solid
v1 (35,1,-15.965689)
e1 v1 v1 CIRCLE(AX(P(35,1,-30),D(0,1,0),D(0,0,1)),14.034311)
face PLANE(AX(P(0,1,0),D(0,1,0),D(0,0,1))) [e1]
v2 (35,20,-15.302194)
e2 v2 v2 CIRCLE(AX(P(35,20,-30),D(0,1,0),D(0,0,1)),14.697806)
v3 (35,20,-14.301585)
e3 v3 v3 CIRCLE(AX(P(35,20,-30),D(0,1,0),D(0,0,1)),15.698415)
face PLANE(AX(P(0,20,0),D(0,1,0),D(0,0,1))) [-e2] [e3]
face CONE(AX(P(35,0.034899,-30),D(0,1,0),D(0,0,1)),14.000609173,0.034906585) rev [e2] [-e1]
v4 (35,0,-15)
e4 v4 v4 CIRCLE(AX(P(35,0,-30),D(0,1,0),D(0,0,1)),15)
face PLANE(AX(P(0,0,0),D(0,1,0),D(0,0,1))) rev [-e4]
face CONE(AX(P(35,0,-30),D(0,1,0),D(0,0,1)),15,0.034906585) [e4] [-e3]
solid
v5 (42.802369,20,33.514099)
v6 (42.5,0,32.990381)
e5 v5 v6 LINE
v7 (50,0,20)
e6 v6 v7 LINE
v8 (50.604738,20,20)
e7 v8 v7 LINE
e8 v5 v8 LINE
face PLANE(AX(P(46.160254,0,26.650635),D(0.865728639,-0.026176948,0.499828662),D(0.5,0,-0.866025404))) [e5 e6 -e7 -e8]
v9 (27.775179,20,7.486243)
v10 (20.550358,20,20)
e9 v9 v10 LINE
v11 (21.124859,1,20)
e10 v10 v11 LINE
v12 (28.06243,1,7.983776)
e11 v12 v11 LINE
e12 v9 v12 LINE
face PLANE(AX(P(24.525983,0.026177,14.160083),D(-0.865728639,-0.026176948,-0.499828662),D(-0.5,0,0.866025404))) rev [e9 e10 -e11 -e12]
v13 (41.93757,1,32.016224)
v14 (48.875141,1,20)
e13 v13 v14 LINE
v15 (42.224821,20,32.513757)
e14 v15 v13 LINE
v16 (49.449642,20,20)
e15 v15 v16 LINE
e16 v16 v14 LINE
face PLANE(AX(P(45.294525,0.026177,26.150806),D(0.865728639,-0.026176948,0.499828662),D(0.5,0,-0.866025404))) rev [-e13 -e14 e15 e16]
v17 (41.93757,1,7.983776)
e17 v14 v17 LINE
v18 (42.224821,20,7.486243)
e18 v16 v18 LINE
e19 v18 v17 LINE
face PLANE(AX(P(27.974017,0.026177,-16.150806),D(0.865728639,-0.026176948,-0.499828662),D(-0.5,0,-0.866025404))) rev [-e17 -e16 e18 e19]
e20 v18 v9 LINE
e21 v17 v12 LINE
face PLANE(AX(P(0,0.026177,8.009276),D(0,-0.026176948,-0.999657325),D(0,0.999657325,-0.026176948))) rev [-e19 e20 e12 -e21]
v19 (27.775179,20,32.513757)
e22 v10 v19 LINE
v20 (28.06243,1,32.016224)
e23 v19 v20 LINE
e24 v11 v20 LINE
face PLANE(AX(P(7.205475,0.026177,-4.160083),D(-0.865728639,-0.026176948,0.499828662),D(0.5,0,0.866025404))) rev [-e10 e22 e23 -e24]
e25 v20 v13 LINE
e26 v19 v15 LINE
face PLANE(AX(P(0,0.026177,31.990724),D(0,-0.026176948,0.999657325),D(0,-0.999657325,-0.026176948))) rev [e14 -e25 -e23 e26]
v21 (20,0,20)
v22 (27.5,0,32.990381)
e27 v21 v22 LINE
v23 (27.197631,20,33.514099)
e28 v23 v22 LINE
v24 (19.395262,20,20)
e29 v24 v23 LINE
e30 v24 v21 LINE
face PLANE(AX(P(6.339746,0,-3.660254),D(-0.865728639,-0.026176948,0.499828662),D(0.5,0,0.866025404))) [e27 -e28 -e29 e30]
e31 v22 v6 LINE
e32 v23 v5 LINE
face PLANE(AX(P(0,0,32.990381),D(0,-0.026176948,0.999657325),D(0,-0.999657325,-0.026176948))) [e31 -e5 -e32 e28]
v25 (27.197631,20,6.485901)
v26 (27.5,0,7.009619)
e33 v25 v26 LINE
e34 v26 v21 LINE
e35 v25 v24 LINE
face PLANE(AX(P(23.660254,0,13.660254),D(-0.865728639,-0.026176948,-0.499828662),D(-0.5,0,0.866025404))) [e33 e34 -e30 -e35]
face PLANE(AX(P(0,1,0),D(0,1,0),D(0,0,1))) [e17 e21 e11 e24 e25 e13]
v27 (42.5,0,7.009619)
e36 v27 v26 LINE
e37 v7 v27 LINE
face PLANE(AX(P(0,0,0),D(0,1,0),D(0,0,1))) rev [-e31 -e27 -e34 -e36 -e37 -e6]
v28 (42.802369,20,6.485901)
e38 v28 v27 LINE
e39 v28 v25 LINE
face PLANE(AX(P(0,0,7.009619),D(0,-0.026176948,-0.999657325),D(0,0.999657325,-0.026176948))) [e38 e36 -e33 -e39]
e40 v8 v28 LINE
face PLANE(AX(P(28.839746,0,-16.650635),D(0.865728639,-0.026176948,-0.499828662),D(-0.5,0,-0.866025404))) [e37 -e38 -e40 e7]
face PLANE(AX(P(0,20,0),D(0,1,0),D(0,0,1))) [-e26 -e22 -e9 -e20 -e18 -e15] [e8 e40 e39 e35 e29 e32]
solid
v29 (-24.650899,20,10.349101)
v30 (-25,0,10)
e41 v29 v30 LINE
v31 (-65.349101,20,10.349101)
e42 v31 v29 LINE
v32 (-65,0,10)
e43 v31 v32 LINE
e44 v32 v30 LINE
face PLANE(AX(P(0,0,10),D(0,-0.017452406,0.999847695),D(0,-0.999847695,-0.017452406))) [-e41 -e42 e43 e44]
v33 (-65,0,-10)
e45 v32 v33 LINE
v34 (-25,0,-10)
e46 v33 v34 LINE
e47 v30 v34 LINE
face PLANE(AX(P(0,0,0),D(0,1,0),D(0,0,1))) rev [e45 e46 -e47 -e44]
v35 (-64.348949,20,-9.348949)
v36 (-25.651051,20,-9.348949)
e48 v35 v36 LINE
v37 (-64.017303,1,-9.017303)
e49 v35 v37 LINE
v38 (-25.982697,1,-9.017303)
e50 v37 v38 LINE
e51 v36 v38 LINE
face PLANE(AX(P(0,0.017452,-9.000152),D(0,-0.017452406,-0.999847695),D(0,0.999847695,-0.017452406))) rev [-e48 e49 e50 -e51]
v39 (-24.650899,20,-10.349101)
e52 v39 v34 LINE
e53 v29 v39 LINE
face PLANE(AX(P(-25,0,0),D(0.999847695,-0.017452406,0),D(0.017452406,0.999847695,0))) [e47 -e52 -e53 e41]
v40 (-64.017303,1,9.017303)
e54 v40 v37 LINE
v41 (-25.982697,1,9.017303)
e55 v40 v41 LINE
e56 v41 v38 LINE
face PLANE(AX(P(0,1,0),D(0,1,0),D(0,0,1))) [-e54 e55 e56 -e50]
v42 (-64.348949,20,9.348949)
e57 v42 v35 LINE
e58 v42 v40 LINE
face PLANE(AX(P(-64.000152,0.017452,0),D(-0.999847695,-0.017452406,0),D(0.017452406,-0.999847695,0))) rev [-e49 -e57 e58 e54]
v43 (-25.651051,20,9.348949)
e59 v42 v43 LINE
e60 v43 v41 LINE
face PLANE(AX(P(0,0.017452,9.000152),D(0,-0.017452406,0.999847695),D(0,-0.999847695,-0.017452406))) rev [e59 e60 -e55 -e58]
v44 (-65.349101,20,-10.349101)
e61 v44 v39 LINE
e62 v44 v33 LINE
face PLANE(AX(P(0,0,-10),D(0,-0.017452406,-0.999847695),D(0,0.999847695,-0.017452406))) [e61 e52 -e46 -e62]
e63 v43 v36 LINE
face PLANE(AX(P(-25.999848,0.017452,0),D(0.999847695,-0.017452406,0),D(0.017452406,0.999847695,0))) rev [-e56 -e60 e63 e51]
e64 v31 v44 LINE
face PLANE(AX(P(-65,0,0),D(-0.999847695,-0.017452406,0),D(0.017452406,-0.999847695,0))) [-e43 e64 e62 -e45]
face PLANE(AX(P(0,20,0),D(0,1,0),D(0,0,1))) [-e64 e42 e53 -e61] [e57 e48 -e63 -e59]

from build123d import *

# Parameters (mm, degrees)
CROQUIS1_W              = 40
CROQUIS1_H              = 20
SALIENTE_EXTRUIR1_DEPTH = 20
SALIENTE_EXTRUIR1_DRAFT = -1
CROQUIS1_3_R            = 15
SALIENTE_EXTRUIR2_DEPTH = 20
SALIENTE_EXTRUIR2_DRAFT = -2
SALIENTE_EXTRUIR3_DEPTH = 20
SALIENTE_EXTRUIR3_DRAFT = -1.5
VACIADO1_T              = -1
VACIADO2_T              = -1
VACIADO3_T              = -1


with BuildPart() as part:
    # Croquis1 → Saliente-Extruir1 (with draft: the straight prism first)
    with BuildSketch(Plane(origin=(0, 0, 0), x_dir=(1, 0, 0), z_dir=(0, 1, 0))):
        with Locations((-45, 0)):
            Rectangle(CROQUIS1_W, CROQUIS1_H)
    extrude(amount=SALIENTE_EXTRUIR1_DEPTH)
    # Saliente-Extruir1: the draft: its side faces are tilted about the plane it starts from
    saliente_extruir1_sides = [part.faces().sort_by_distance(p)[0] for p in [
        (-65, 10, 0),
        (-45, 10, 10),
        (-25, 10, 0),
        (-45, 10, -10),
    ]]
    draft(saliente_extruir1_sides, Plane(origin=(0, 0, 0), x_dir=(1, 0, 0), z_dir=(0, 1, 0)), SALIENTE_EXTRUIR1_DRAFT)

    # Vaciado1
    vaciado1_openings = [part.faces().sort_by_distance(p)[0] for p in [
        (-45, 20, 0),
    ]]
    offset(amount=VACIADO1_T, openings=vaciado1_openings, kind=Kind.INTERSECTION)


with BuildPart() as body_2:
    # Croquis1<3> → Saliente-Extruir2 (with draft: the straight prism first)
    with BuildSketch(Plane(origin=(0, 0, 0), x_dir=(1, 0, 0), z_dir=(0, 1, 0))):
        with Locations((35, 30)):
            Circle(CROQUIS1_3_R)
    extrude(amount=SALIENTE_EXTRUIR2_DEPTH)
    # Saliente-Extruir2: the draft: its side faces are tilted about the plane it starts from
    saliente_extruir2_sides = [body_2.faces().sort_by_distance(p)[0] for p in [
        (20, 10, -30),
    ]]
    draft(saliente_extruir2_sides, Plane(origin=(0, 0, 0), x_dir=(1, 0, 0), z_dir=(0, 1, 0)), SALIENTE_EXTRUIR2_DRAFT)

    # Vaciado3
    vaciado3_openings = [body_2.faces().sort_by_distance(p)[0] for p in [
        (35, 20, -30),
    ]]
    offset(amount=VACIADO3_T, openings=vaciado3_openings, kind=Kind.INTERSECTION)


with BuildPart() as body_3:
    # Croquis1<4> → Saliente-Extruir3 (with draft: the straight prism first)
    with BuildSketch(Plane(origin=(0, 0, 0), x_dir=(1, 0, 0), z_dir=(0, 1, 0))):
        Polygon((42.5, -32.990381057), (50, -20), (42.5, -7.009618943), (27.5, -7.009618943), (20, -20), (27.5, -32.990381057), align=None)
    extrude(amount=SALIENTE_EXTRUIR3_DEPTH)
    # Saliente-Extruir3: the draft: its side faces are tilted about the plane it starts from
    saliente_extruir3_sides = [body_3.faces().sort_by_distance(p)[0] for p in [
        (46.25, 10, 26.495190528),
        (46.25, 10, 13.504809472),
        (35, 10, 7.009618943),
        (23.75, 10, 13.504809472),
        (23.75, 10, 26.495190528),
        (35, 10, 32.990381057),
    ]]
    draft(saliente_extruir3_sides, Plane(origin=(0, 0, 0), x_dir=(1, 0, 0), z_dir=(0, 1, 0)), SALIENTE_EXTRUIR3_DRAFT)

    # Vaciado2
    vaciado2_openings = [body_3.faces().sort_by_distance(p)[0] for p in [
        (35, 20, 20),
    ]]
    offset(amount=VACIADO2_T, openings=vaciado2_openings, kind=Kind.INTERSECTION)


solid = Compound([part.part, body_2.part, body_3.part])
